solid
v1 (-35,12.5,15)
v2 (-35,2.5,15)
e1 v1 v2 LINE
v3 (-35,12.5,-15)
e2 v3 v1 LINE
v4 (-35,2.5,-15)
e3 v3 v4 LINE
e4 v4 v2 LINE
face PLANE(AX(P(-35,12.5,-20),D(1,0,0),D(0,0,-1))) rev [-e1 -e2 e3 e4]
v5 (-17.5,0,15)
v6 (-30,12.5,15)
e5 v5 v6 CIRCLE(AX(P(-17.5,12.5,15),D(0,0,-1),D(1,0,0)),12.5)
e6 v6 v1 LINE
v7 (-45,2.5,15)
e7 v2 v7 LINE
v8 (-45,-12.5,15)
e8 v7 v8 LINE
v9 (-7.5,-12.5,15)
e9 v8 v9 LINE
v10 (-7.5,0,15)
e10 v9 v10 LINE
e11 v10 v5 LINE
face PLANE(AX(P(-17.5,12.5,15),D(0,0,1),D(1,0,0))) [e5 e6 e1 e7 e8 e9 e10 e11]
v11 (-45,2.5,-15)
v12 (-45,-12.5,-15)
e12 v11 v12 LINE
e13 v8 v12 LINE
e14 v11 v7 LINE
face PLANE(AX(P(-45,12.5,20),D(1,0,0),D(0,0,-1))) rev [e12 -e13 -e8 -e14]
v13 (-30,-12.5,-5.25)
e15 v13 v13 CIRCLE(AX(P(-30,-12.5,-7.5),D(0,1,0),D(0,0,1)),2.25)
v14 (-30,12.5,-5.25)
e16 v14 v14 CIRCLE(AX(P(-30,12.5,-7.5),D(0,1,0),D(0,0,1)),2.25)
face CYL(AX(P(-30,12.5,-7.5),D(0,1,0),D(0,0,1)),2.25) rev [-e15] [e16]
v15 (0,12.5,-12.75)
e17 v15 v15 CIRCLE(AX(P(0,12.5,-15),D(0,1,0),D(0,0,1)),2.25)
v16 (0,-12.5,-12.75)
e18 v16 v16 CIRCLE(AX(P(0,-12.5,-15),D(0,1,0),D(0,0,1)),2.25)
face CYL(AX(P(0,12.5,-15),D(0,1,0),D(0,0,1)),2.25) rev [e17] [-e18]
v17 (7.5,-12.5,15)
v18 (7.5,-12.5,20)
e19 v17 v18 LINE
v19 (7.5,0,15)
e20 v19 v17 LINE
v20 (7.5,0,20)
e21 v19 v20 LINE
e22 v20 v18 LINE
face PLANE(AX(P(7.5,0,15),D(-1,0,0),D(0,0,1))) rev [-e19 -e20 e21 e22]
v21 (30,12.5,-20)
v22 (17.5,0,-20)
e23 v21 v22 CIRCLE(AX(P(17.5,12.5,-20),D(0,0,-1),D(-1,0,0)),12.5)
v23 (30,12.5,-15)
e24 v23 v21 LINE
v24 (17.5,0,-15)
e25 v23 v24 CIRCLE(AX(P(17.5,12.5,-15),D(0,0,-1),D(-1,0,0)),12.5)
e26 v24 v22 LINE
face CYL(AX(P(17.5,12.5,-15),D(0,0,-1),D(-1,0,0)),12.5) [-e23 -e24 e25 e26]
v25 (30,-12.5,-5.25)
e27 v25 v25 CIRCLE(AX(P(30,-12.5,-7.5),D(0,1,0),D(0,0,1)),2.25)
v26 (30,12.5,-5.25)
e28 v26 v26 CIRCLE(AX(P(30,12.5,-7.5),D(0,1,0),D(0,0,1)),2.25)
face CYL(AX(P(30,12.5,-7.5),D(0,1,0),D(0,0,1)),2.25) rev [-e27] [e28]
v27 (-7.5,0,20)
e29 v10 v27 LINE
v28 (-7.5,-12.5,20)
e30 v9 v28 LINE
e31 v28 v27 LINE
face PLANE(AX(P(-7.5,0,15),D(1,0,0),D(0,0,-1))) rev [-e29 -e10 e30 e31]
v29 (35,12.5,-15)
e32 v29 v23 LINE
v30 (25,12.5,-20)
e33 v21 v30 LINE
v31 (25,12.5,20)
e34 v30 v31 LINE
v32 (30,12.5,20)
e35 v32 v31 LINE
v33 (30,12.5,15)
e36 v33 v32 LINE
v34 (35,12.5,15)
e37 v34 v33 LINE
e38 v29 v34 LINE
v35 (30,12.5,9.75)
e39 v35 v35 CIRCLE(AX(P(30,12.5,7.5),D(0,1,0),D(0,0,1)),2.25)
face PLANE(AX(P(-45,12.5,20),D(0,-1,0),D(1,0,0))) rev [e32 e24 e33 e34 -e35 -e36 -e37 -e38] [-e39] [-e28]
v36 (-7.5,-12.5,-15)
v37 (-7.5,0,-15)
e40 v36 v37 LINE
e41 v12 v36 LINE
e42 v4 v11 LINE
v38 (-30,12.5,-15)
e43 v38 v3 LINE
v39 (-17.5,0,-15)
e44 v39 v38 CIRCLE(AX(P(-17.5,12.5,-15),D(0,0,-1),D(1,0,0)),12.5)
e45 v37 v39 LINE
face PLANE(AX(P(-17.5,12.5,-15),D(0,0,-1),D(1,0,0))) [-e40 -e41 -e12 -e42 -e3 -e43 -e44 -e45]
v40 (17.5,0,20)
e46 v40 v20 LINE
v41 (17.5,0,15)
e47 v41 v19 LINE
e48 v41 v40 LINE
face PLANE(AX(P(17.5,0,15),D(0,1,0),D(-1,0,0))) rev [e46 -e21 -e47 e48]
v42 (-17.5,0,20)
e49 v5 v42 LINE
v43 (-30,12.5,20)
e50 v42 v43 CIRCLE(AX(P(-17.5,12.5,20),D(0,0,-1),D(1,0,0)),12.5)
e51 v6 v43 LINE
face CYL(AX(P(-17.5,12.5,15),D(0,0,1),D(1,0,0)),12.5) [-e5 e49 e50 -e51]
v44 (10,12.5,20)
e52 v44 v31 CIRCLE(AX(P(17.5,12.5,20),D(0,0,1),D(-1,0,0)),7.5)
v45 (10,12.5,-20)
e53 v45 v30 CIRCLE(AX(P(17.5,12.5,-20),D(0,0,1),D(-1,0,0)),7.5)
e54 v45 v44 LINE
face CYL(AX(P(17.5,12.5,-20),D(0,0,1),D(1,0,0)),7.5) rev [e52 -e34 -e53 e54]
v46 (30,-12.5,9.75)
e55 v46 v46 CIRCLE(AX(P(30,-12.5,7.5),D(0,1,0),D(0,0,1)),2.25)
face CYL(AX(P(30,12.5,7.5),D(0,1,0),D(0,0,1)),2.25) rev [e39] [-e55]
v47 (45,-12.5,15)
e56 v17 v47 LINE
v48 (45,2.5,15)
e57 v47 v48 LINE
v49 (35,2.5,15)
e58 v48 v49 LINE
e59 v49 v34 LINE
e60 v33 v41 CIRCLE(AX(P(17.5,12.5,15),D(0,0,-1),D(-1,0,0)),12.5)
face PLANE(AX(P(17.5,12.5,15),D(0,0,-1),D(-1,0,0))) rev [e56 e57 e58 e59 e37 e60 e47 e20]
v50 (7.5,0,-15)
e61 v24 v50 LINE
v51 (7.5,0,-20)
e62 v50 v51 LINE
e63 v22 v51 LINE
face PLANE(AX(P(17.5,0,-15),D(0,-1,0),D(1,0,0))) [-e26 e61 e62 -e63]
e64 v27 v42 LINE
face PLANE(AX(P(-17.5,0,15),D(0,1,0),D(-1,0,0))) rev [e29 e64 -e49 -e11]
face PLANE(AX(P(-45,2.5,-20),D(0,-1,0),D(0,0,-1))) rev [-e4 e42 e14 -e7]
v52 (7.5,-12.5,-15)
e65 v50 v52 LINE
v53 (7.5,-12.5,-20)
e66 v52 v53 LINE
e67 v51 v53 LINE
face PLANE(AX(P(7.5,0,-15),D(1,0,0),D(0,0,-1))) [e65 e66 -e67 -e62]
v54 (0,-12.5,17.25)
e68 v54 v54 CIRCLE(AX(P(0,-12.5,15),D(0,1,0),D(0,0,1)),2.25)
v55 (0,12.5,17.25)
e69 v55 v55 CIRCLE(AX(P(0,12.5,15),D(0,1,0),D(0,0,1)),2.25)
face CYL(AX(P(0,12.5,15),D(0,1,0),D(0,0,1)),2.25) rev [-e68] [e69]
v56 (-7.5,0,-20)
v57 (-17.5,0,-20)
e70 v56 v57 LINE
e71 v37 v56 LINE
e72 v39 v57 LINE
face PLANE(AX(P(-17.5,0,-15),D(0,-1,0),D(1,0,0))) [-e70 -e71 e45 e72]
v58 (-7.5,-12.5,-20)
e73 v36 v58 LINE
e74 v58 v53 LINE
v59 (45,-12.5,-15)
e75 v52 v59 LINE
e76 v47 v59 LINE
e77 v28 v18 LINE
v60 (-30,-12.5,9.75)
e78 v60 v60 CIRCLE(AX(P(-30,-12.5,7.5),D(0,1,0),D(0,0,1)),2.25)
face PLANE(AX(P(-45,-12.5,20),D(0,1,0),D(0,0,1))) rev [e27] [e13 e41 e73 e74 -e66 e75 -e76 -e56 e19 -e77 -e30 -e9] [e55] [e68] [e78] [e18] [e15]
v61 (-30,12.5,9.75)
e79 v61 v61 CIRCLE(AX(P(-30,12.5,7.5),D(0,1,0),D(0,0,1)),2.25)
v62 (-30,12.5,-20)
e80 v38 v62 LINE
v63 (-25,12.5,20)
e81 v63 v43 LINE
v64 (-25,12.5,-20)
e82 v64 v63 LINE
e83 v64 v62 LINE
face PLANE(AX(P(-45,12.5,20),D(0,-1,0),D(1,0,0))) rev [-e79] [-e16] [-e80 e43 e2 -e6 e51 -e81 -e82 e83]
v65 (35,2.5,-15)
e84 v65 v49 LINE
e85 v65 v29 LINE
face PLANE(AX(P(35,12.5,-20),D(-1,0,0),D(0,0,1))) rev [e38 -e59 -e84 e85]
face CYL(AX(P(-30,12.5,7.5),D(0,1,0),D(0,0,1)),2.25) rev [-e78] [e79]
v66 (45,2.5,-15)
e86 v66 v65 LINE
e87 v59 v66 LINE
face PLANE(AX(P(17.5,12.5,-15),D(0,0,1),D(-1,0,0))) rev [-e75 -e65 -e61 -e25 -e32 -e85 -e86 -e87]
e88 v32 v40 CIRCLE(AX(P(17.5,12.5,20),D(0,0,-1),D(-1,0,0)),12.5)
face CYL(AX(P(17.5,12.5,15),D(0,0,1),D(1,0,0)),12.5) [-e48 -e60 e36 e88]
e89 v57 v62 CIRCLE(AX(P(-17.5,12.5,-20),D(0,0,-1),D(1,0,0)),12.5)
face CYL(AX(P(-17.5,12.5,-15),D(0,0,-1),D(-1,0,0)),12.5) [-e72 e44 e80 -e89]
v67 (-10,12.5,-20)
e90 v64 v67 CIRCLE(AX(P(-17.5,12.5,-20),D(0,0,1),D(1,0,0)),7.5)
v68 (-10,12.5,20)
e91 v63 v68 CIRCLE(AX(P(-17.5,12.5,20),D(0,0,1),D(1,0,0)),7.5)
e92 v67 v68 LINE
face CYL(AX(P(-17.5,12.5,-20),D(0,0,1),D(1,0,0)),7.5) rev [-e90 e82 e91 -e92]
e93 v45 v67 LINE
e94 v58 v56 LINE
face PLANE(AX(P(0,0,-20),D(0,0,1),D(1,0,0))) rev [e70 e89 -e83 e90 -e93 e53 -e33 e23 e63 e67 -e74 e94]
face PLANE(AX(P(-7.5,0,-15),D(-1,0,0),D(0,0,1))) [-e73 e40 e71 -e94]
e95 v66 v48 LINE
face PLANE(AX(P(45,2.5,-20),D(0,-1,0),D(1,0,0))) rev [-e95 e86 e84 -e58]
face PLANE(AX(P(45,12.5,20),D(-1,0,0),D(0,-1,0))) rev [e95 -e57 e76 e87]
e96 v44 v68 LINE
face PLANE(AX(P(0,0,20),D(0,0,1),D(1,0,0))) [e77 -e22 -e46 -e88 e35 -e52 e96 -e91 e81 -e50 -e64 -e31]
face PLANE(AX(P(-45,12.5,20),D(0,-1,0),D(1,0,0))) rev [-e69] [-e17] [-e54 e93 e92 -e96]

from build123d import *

# Parameters (mm, degrees)
SKETCH1_W               = 90
SKETCH1_H               = 25
BOSS_EXTRUDE1_DEPTH     = 20
CUT_EXTRUDE1_DEPTH      = 62.491869381
CUT_EXTRUDE1_DEPTH_BACK = 62.491869381
SKETCH2_W               = 10
SKETCH2_H               = 10
CUT_EXTRUDE2_DEPTH      = 5
CUT_EXTRUDE3_DEPTH      = 62.491869381
HOLE1_D                 = 4.5
LPATTERN1_COUNT         = 2
LPATTERN1_PITCH         = 15
LPATTERN1_COL_COUNT     = 2
LPATTERN1_COL_PITCH     = 60
MIRROR2_COPY_1_D        = 4.5
MIRROR2_COPY_2_D        = 4.5
MIRROR2_COPY_3_D        = 4.5
HOLE2_D                 = 4.5


with BuildPart() as part:
    # Sketch1 → Boss-Extrude1 (new, symmetric)
    with BuildSketch(Plane.XY):
        Rectangle(SKETCH1_W, SKETCH1_H)
    extrude(amount=BOSS_EXTRUDE1_DEPTH, both=True)

    # Sketch2 → Cut-Extrude1 (cut, two sides: drawn at the far end of the back side and taken through both)
    with BuildSketch(Plane.XY.offset(20).offset(-CUT_EXTRUDE1_DEPTH_BACK)):
        with Locations((-40, 7.5)):
            Rectangle(SKETCH2_W, SKETCH2_H)
        with Locations((40, 7.5)):
            Rectangle(SKETCH2_W, SKETCH2_H)
    extrude(amount=CUT_EXTRUDE1_DEPTH + CUT_EXTRUDE1_DEPTH_BACK, mode=Mode.SUBTRACT)

    # Sketch3 → Cut-Extrude2 (cut)
    with BuildSketch(Plane.XY.offset(20)):
        with BuildLine():
            Line((45, -12.5), (45, 2.5))
            Line((45, 2.5), (35, 2.5))
            Line((35, 2.5), (35, 12.5))
            Line((35, 12.5), (30, 12.5))
            ThreePointArc((30, 12.5), (26.338834765, 3.661165235), (17.5, 0))
            Line((17.5, 0), (7.5, 0))
            Line((7.5, 0), (7.5, -12.5))
            Line((7.5, -12.5), (45, -12.5))
        make_face()
        with BuildLine():
            Line((-7.5, -12.5), (-45, -12.5))
            Line((-45, -12.5), (-45, 2.5))
            Line((-45, 2.5), (-35, 2.5))
            Line((-35, 2.5), (-35, 12.5))
            Line((-35, 12.5), (-30, 12.5))
            ThreePointArc((-30, 12.5), (-26.338834765, 3.661165235), (-17.5, 0))
            Line((-17.5, 0), (-7.5, 0))
            Line((-7.5, 0), (-7.5, -12.5))
        make_face()
    cut_extrude2 = extrude(amount=-CUT_EXTRUDE2_DEPTH, mode=Mode.SUBTRACT)

    # Mirror1: Cut-Extrude2 across plane
    add(cut_extrude2.mirror(Plane.XY), mode=Mode.SUBTRACT)

    # Sketch4 → Cut-Extrude3 (cut, through all)
    with BuildSketch(Plane.XY.offset(20)):
        with BuildLine():
            Line((25, 12.5), (10, 12.5))
            ThreePointArc((10, 12.5), (17.5, 5), (25, 12.5))
        make_face()
        with BuildLine():
            Line((-10, 12.5), (-25, 12.5))
            ThreePointArc((-25, 12.5), (-17.5, 5), (-10, 12.5))
        make_face()
    extrude(amount=-CUT_EXTRUDE3_DEPTH, mode=Mode.SUBTRACT)

    # Hole1 (through all)
    with Locations(Plane(origin=(0, 12.5, 0), x_dir=(1, 0, 0), z_dir=(0, 1, 0))):
        with Locations((30, -7.5)):
            hole1 = Hole(HOLE1_D / 2)

    # LPattern1: Hole1 ×2
    with Locations(*[(0, 0, -i * LPATTERN1_PITCH) for i in range(1, LPATTERN1_COUNT)]):
        add(hole1, mode=Mode.SUBTRACT)

    # LPattern1 col: Hole1 ×2
    with Locations(*[(-i * LPATTERN1_COL_PITCH, 0, 0) for i in range(1, LPATTERN1_COL_COUNT)]):
        add(hole1, mode=Mode.SUBTRACT)

    # Mirror2 copy 1 (through all)
    with Locations(Plane(origin=(0, 12.5, -15), x_dir=(-1, 0, 0), z_dir=(0, 1, 0))):
        with Locations((30, 7.5)):
            Hole(MIRROR2_COPY_1_D / 2)

    # Mirror2 copy 2 (through all)
    with Locations(Plane(origin=(60, 12.5, 0), x_dir=(-1, 0, 0), z_dir=(0, 1, 0))):
        with Locations((30, 7.5)):
            Hole(MIRROR2_COPY_2_D / 2)

    # Mirror2 copy 3 (through all)
    with Locations(Plane(origin=(0, 12.5, 0), x_dir=(-1, 0, 0), z_dir=(0, 1, 0))):
        with Locations((30, 7.5)):
            Hole(MIRROR2_COPY_3_D / 2)

    # Hole2 (through all)
    with Locations(Plane(origin=(0, 12.5, 0), x_dir=(1, 0, 0), z_dir=(0, 1, 0))):
        with Locations((0, -15), (0, 15)):
            Hole(HOLE2_D / 2)


solid = part.part
